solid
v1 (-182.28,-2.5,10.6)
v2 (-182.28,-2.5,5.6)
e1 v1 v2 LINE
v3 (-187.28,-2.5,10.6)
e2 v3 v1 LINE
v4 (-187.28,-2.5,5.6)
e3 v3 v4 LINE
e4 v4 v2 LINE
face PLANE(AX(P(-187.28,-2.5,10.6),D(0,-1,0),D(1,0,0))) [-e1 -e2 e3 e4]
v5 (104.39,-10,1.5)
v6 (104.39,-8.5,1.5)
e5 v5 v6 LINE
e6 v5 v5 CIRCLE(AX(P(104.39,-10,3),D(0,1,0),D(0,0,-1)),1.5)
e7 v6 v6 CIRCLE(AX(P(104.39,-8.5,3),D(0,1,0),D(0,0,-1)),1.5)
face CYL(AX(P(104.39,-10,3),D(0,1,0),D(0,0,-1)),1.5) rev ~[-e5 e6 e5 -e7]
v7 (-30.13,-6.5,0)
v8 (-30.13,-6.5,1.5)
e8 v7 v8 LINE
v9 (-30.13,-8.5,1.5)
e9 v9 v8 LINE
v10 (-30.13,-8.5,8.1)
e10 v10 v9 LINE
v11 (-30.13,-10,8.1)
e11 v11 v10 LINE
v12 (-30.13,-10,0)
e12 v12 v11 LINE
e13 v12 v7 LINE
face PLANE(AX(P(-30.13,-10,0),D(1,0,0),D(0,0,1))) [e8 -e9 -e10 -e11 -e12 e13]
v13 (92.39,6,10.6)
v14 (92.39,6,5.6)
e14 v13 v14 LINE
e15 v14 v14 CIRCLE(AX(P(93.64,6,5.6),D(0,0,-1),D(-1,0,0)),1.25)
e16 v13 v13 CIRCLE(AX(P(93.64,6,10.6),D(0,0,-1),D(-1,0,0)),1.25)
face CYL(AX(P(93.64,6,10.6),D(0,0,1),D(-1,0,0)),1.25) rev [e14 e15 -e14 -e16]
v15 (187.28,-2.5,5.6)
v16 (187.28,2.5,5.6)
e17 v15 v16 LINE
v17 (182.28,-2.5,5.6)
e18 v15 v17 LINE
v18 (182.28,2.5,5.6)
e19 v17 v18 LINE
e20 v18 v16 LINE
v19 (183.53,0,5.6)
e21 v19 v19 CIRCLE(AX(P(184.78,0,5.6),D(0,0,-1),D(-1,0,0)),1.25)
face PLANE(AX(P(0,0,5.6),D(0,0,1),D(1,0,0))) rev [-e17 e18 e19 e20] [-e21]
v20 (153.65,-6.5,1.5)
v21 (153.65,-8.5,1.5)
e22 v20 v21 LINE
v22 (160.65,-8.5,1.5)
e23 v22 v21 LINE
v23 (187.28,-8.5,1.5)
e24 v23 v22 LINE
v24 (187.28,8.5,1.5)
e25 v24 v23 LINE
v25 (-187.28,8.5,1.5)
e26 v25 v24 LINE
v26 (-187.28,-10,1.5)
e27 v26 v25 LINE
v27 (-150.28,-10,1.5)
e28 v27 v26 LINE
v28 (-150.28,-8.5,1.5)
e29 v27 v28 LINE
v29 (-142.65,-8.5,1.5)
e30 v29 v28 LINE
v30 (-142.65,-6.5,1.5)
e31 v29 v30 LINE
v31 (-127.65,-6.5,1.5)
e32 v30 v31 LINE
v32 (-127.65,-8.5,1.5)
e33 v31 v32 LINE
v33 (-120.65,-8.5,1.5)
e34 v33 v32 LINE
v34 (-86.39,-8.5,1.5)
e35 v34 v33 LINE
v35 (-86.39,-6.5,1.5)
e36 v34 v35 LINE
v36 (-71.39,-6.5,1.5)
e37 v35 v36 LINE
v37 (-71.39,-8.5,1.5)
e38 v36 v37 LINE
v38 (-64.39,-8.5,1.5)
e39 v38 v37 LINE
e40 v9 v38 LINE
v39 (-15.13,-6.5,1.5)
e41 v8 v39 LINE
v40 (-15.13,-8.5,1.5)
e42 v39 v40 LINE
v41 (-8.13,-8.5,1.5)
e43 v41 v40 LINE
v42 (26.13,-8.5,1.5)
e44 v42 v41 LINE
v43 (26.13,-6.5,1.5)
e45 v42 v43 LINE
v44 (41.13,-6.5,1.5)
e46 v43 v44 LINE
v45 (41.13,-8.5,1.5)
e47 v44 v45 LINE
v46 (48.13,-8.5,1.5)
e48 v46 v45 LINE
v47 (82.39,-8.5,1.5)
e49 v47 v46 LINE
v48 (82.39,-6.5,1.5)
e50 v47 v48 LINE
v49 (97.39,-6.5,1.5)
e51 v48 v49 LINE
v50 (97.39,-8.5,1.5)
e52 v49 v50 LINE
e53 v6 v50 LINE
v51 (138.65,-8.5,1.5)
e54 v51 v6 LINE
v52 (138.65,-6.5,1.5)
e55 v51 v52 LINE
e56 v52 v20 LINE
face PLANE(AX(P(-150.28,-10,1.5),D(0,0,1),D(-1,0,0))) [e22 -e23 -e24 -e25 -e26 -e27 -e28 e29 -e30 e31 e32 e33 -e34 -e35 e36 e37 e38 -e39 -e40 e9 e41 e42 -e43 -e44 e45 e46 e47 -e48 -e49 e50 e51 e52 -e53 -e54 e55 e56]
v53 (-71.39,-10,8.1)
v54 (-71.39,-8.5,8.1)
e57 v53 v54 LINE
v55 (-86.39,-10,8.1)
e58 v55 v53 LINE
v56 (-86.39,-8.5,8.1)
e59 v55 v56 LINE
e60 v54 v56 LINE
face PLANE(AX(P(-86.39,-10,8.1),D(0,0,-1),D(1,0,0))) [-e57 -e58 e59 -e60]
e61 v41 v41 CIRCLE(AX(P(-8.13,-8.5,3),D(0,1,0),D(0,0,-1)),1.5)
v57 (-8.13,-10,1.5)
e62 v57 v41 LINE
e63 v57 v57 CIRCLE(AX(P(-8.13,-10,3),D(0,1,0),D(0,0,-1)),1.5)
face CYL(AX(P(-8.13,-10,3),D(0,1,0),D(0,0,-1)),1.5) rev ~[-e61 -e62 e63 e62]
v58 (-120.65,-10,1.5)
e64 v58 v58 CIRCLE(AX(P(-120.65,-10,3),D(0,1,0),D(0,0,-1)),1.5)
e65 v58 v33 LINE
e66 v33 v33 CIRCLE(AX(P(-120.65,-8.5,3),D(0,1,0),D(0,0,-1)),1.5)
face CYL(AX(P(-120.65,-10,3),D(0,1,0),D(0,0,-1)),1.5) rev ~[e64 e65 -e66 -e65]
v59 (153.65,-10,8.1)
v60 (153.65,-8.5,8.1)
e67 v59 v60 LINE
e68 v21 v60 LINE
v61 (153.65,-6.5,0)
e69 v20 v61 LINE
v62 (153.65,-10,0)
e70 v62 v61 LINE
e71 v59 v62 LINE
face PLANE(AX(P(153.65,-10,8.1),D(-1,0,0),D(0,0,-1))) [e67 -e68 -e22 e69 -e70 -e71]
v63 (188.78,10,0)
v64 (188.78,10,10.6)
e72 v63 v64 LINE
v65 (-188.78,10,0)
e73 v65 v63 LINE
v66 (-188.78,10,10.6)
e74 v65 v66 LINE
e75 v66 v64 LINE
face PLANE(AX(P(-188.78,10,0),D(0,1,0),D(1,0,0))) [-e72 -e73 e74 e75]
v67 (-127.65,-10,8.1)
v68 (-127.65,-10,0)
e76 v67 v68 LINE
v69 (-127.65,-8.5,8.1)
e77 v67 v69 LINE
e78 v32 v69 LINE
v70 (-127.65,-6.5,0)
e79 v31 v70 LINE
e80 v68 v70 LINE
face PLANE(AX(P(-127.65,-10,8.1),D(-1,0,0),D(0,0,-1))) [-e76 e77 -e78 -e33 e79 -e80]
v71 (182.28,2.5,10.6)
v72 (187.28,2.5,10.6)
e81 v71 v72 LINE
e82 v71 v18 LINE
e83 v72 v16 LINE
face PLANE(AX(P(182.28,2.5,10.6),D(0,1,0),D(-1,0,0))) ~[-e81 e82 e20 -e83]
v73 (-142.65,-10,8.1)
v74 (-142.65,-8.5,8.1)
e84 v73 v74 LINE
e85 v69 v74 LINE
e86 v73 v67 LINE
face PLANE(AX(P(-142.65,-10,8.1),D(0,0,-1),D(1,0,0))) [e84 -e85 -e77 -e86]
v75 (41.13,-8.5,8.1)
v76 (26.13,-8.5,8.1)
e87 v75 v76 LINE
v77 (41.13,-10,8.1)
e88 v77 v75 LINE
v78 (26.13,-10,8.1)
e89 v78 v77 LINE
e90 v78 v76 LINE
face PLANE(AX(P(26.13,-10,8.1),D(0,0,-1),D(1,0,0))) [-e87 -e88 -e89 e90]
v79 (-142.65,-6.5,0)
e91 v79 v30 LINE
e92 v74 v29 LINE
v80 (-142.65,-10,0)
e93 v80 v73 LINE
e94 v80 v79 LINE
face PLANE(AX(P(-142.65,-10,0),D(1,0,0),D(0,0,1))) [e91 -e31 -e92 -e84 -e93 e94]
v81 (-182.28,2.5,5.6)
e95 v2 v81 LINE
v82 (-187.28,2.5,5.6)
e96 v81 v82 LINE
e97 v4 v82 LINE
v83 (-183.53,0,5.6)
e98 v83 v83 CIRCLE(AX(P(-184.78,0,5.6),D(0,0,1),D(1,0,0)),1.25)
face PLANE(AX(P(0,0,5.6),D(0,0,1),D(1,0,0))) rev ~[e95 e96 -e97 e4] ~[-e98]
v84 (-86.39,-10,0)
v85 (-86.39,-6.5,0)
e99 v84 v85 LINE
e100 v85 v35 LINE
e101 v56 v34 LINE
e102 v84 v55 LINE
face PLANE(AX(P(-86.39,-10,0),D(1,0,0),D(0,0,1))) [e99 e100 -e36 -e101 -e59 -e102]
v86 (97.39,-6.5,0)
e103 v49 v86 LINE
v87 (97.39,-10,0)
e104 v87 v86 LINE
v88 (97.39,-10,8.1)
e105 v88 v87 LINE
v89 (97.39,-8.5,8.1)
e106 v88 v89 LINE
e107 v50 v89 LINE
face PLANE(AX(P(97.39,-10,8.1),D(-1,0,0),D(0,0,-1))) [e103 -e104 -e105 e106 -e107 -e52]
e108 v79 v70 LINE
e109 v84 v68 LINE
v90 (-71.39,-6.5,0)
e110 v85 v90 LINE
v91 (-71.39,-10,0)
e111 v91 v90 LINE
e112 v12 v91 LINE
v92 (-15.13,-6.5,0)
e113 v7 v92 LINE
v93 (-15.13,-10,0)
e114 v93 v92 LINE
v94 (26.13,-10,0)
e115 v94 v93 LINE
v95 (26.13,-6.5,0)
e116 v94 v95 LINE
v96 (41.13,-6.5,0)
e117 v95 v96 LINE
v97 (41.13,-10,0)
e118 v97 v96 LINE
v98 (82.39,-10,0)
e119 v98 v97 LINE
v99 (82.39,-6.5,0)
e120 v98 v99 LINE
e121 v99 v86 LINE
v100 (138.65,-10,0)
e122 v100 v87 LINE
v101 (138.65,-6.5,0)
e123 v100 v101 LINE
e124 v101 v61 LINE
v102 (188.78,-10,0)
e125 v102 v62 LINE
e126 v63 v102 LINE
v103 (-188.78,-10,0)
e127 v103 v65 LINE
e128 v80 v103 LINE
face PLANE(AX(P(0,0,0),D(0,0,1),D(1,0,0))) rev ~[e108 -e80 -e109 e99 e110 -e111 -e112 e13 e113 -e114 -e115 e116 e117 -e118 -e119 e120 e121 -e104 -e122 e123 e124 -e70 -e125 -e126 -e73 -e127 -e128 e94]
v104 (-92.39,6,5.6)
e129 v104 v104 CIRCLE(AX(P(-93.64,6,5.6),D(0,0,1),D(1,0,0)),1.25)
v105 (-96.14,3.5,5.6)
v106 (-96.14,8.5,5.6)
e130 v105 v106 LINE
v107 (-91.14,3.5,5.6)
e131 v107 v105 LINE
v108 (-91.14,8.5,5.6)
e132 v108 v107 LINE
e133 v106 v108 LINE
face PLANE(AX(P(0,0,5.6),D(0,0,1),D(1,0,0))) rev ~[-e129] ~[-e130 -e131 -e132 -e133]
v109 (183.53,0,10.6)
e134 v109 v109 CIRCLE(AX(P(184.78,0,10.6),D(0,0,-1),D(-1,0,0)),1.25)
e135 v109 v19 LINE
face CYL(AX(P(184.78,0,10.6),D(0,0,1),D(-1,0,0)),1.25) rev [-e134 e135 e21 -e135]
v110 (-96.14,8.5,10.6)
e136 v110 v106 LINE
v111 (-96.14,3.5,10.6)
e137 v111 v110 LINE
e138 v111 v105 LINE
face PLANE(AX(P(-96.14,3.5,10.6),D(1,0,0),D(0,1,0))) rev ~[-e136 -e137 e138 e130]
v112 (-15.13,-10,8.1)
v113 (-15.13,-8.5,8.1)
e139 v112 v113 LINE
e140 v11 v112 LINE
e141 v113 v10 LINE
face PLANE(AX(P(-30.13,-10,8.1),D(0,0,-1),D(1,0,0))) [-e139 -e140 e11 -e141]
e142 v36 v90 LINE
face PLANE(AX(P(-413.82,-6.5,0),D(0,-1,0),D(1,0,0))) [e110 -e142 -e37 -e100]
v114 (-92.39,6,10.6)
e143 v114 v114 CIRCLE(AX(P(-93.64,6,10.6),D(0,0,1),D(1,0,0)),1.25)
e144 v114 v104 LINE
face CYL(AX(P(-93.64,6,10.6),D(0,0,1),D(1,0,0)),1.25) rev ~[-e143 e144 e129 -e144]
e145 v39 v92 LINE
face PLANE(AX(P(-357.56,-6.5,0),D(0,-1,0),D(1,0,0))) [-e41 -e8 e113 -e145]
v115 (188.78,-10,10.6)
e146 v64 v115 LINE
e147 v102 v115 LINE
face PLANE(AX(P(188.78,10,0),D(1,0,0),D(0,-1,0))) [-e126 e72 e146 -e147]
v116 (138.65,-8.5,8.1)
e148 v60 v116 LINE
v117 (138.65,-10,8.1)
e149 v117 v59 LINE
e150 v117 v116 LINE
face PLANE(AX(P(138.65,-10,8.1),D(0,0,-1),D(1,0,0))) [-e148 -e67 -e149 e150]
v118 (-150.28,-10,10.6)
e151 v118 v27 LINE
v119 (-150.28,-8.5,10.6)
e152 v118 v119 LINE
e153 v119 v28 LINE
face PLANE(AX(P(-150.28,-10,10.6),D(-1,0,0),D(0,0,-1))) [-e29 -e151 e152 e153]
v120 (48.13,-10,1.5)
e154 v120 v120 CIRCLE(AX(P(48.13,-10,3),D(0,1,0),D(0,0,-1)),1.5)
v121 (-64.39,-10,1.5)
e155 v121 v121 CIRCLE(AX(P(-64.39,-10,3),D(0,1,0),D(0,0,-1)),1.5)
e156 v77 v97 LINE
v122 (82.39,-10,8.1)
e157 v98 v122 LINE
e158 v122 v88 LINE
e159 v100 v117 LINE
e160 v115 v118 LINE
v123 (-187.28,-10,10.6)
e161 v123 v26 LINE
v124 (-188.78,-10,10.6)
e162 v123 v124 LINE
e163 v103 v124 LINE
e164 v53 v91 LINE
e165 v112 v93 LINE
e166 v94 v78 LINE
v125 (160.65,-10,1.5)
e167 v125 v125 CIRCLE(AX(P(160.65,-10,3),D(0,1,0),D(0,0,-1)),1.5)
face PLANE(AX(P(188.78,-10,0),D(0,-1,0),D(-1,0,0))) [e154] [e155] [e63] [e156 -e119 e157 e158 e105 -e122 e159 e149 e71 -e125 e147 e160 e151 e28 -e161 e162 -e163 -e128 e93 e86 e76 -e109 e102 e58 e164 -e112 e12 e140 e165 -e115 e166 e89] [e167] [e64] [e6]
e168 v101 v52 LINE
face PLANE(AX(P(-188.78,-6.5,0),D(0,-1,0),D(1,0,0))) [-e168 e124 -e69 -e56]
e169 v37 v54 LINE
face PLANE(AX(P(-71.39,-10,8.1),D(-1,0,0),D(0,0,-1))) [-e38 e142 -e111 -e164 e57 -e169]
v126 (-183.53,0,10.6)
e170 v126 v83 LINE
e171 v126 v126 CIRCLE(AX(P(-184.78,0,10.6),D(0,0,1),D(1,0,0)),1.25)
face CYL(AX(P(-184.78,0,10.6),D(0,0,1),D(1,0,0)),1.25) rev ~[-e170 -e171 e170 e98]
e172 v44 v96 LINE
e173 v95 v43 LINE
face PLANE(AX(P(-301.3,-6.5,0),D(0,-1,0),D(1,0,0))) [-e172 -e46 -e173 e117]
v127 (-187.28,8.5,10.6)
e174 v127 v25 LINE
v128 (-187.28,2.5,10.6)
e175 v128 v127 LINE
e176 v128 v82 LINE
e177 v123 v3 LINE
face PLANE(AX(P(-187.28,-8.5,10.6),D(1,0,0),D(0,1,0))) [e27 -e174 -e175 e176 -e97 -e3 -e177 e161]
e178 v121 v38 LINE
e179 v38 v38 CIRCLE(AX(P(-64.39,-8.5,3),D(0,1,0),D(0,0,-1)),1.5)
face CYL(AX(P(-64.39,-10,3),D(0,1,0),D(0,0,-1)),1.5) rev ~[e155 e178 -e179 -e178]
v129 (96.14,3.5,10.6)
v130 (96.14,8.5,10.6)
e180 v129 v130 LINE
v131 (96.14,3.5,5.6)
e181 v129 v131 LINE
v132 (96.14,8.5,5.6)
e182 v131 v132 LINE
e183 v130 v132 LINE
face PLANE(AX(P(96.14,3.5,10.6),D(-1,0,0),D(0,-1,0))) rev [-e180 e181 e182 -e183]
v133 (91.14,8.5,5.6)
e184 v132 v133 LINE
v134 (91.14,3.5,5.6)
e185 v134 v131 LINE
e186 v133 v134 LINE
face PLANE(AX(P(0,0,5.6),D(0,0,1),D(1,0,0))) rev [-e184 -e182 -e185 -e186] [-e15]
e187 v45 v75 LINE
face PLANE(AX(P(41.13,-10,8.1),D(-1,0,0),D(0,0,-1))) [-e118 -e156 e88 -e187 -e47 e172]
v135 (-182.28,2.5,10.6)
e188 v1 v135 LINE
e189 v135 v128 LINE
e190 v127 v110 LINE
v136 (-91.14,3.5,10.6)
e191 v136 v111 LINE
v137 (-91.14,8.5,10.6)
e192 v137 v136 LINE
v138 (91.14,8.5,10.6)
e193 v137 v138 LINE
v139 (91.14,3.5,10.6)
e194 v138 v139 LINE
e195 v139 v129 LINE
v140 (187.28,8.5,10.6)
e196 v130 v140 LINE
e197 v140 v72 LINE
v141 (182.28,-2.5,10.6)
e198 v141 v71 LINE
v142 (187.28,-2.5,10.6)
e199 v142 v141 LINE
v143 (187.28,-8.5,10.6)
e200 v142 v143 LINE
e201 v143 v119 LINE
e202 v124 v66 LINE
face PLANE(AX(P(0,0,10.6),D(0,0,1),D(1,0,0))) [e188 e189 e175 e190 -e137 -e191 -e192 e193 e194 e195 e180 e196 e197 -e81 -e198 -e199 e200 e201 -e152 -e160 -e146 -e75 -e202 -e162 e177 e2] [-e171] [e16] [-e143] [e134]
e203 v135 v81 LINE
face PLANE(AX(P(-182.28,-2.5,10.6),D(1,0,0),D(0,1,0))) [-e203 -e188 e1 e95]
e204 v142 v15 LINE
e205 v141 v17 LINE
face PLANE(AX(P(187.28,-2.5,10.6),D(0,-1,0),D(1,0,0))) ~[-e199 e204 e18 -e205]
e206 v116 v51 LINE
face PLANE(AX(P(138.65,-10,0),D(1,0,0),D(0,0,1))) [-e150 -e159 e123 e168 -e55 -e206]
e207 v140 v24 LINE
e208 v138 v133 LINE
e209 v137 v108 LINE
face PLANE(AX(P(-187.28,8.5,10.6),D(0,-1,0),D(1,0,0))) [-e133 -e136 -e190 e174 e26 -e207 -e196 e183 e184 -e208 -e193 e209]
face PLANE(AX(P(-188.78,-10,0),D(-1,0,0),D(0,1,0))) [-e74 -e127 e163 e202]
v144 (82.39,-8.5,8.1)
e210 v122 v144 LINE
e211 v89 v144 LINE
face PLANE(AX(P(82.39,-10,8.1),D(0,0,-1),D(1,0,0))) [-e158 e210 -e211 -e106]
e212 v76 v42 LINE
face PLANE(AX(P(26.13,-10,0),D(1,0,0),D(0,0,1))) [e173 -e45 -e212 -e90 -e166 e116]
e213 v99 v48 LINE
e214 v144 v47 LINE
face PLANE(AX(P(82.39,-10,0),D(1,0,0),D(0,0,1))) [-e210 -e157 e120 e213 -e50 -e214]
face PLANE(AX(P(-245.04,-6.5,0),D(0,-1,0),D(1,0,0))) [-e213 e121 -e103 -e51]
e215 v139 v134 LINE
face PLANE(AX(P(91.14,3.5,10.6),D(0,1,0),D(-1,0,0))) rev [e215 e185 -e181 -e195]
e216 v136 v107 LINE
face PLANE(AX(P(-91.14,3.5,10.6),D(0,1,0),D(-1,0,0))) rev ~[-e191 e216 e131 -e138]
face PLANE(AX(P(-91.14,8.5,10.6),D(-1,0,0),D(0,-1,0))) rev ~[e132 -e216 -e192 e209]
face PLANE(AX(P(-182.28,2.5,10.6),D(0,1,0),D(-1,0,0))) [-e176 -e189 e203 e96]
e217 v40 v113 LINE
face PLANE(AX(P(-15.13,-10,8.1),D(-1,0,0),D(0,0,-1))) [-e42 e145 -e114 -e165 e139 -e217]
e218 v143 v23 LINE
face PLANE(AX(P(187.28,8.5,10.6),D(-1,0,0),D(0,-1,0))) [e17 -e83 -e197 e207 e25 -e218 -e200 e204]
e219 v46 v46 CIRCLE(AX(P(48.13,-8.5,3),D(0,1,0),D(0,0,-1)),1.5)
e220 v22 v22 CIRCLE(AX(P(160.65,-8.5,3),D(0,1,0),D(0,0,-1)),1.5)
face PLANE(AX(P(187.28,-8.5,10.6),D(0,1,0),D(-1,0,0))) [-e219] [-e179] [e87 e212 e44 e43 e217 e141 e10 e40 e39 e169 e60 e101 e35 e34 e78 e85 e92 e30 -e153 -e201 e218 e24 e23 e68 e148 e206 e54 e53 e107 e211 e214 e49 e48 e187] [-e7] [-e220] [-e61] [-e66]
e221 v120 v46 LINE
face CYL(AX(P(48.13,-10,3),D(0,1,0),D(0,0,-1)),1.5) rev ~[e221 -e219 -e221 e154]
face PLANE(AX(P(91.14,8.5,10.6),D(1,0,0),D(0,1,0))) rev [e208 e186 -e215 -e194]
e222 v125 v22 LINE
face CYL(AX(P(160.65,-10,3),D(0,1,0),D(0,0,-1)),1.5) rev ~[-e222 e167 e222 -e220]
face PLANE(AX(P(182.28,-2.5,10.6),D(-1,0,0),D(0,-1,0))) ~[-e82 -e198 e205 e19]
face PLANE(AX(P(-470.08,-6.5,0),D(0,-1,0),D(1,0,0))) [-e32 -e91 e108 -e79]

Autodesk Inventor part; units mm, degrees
ref_plane "YZ Plane" through (0, 0, 0) normal (1, 0, 0) x (0, 1, 0)
ref_plane "XZ Plane" through (0, 0, 0) normal (0, 1, 0) x (-1, 0, 0)
ref_plane "XY Plane" through (0, 0, 0) normal (0, 0, 1) x (1, 0, 0)
sketch "Skizze1" plane through (0, 0, 0) normal (0, 0, 1) x (1, 0, 0)
  line L0 (-188.78, 10) -> (188.78, 10)
  line L1 (188.78, 10) -> (188.78, -10)
  line L2 (188.78, -10) -> (-188.78, -10)
  line L3 (-188.78, -10) -> (-188.78, 10)
  line L4 (-264.292, 0) -> (264.292, 0) construction
  line L5 (0, -14) -> (0, 14) construction
  point P0 (0, 0)
  dimension "d0" = 377.56
  dimension "d1" = 20
extrude "Extrusion1" add sketch "Skizze1" along normal blind 10.6
sketch "Skizze2" plane through (0, 0, 10.6) normal (0, 0, 1) x (1, 0, 0)
  line L0 (-187.28, 8.5) -> (187.28, 8.5)
  line L1 (187.28, 8.5) -> (187.28, -8.5)
  line L2 (187.28, -8.5) -> (-187.28, -8.5)
  line L3 (-187.28, -8.5) -> (-187.28, 8.5)
  line L4 (-264.292, 0) -> (264.292, 0) construction
  line L5 (0, -14) -> (0, 14) construction
  line L6 (-188.78, -10) -> (188.78, -10) construction
  line L7 (188.78, -10) -> (188.78, 10) construction
  point P0 (0, 0)
  dimension "d4" = 1.5
  dimension "d5" = 1.5
extrude "Extrusion2" cut sketch "Skizze2" against normal blind 9.1
sketch "Skizze3" plane through (-188.78, -10, 0) normal (0, -1, 0) x (1, 0, 0)
  line L0 (0, 0) -> (377.56, 0) projected
  line L1 (377.56, 0) -> (377.56, 10.6) projected
  line L2 (0, 10.6) -> (377.56, 10.6) projected
  line L3 (0, 0) -> (0, 10.6) projected
  point P0 (188.78, 0)
  point P1 (349.43, 3)
  dimension "d9" = 28.13
  dimension "d10" = 3
hole "Bohrung1" at (160.65, -10, 3) direction (0, 1, 0) diameter 3 depth 1.5
pattern_linear "Rechteckige Anordnung1" count 6 spacing 56.26 along (-1, 0, 0) of "Bohrung1"
sketch "Skizze4" plane through (-188.78, -10, 0) normal (0, -1, 0) x (1, 0, 0)
  circle A0 centre (68.13, 3) radius 1.5 projected
  circle A1 centre (124.39, 3) radius 1.5 projected
  circle A2 centre (180.65, 3) radius 1.5 projected
  circle A3 centre (236.91, 3) radius 1.5 projected
  circle A4 centre (293.17, 3) radius 1.5 projected
  circle A5 centre (349.43, 3) radius 1.5 projected
  line L0 (0, 0) -> (377.56, 0) projected
  line L1 (377.56, 0) -> (377.56, 10.6) projected
  line L2 (0, 10.6) -> (377.56, 10.6) projected
  line L3 (0, 0) -> (0, 10.6) projected
  line L4 (38.5, 10.6) -> (38.5, 0) construction
  line L5 (1.5, 10.6) -> (1.5, 1.5) projected
  line L6 (38.5, 1.5) -> (1.5, 1.5)
  line L7 (1.5, 1.5) -> (1.5, 10.6)
  line L8 (1.5, 10.6) -> (38.5, 10.6)
  line L9 (38.5, 10.6) -> (38.5, 1.5)
  point P0 (188.78, 0)
  dimension "d21" = 29.63
extrude "Extrusion3" cut sketch "Skizze4" against normal up to surface (1.5 mm away) contours L2 L9 L6 L5
sketch "Skizze5" plane through (-188.78, -10, 0) normal (0, -1, 0) x (1, 0, 0)
  line L0 (0, 0) -> (377.56, 0) projected
  line L1 (342.43, 0) -> (327.43, 0)
  line L2 (327.43, 0) -> (327.43, 8.1)
  line L3 (327.43, 8.1) -> (342.43, 8.1)
  line L4 (342.43, 8.1) -> (342.43, 0)
  line L5 (38.5, 10.6) -> (377.56, 10.6) projected
  line L6 (377.56, 0) -> (377.56, 10.6) projected
  circle A0 centre (349.43, 3) radius 1.5 projected
  point P0 (188.78, 0)
  point P1 (327.43, 0)
  dimension "d24" = 15
  dimension "d25" = 2.5
  dimension "d27" = 7
extrude "Extrusion4" cut sketch "Skizze5" against normal blind 3.5 contours L2 L3 L4 L0
pattern_linear "Rechteckige Anordnung2" count 6 spacing 56.26 along (-1, 0, 0) of "Extrusion4"
sketch "Skizze7" plane through (0, 0, 10.6) normal (0, 0, 1) x (1, 0, 0)
  line L0 (-187.28, -10) -> (-187.28, 8.5) projected
  line L1 (-187.28, -2.5) -> (-182.28, -2.5)
  line L2 (-182.28, -2.5) -> (-182.28, 2.5)
  line L3 (-182.28, 2.5) -> (-187.28, 2.5)
  line L4 (-187.28, 2.5) -> (-187.28, -2.5)
  line L5 (-264.292, 0) -> (264.292, 0) construction
  line L6 (0, -14) -> (0, 14) projected
  line L7 (-187.28, 8.5) -> (187.28, 8.5) projected
  line L8 (-96.14, 8.5) -> (-91.14, 8.5)
  line L9 (-91.14, 8.5) -> (-91.14, 3.5)
  line L10 (-91.14, 3.5) -> (-96.14, 3.5)
  line L11 (-96.14, 3.5) -> (-96.14, 8.5)
  circle A0 centre (-184.78, 0) radius 1.25
  circle A1 centre (-93.64, 6) radius 1.25
  point P0 (0, 0)
  dimension "d36" = 5
  dimension "d37" = 5
  dimension "d38" = 5
  dimension "d39" = 5
  dimension "d40" = 91.14
  dimension "d41" = 91.14
  dimension "d42" = 2.5
  dimension "d43" = 2.5
  dimension "d44" = 93.64
  dimension "d45" = 6
  dimension "d46" = 184.78
extrude "Extrusion6" add sketch "Skizze7" against normal blind 5
mirror "Spiegeln2" about plane through (0, 0, 0) normal (1, 0, 0) of "Extrusion6"
properties part number "PCB_Kabelkanal_1.0"
